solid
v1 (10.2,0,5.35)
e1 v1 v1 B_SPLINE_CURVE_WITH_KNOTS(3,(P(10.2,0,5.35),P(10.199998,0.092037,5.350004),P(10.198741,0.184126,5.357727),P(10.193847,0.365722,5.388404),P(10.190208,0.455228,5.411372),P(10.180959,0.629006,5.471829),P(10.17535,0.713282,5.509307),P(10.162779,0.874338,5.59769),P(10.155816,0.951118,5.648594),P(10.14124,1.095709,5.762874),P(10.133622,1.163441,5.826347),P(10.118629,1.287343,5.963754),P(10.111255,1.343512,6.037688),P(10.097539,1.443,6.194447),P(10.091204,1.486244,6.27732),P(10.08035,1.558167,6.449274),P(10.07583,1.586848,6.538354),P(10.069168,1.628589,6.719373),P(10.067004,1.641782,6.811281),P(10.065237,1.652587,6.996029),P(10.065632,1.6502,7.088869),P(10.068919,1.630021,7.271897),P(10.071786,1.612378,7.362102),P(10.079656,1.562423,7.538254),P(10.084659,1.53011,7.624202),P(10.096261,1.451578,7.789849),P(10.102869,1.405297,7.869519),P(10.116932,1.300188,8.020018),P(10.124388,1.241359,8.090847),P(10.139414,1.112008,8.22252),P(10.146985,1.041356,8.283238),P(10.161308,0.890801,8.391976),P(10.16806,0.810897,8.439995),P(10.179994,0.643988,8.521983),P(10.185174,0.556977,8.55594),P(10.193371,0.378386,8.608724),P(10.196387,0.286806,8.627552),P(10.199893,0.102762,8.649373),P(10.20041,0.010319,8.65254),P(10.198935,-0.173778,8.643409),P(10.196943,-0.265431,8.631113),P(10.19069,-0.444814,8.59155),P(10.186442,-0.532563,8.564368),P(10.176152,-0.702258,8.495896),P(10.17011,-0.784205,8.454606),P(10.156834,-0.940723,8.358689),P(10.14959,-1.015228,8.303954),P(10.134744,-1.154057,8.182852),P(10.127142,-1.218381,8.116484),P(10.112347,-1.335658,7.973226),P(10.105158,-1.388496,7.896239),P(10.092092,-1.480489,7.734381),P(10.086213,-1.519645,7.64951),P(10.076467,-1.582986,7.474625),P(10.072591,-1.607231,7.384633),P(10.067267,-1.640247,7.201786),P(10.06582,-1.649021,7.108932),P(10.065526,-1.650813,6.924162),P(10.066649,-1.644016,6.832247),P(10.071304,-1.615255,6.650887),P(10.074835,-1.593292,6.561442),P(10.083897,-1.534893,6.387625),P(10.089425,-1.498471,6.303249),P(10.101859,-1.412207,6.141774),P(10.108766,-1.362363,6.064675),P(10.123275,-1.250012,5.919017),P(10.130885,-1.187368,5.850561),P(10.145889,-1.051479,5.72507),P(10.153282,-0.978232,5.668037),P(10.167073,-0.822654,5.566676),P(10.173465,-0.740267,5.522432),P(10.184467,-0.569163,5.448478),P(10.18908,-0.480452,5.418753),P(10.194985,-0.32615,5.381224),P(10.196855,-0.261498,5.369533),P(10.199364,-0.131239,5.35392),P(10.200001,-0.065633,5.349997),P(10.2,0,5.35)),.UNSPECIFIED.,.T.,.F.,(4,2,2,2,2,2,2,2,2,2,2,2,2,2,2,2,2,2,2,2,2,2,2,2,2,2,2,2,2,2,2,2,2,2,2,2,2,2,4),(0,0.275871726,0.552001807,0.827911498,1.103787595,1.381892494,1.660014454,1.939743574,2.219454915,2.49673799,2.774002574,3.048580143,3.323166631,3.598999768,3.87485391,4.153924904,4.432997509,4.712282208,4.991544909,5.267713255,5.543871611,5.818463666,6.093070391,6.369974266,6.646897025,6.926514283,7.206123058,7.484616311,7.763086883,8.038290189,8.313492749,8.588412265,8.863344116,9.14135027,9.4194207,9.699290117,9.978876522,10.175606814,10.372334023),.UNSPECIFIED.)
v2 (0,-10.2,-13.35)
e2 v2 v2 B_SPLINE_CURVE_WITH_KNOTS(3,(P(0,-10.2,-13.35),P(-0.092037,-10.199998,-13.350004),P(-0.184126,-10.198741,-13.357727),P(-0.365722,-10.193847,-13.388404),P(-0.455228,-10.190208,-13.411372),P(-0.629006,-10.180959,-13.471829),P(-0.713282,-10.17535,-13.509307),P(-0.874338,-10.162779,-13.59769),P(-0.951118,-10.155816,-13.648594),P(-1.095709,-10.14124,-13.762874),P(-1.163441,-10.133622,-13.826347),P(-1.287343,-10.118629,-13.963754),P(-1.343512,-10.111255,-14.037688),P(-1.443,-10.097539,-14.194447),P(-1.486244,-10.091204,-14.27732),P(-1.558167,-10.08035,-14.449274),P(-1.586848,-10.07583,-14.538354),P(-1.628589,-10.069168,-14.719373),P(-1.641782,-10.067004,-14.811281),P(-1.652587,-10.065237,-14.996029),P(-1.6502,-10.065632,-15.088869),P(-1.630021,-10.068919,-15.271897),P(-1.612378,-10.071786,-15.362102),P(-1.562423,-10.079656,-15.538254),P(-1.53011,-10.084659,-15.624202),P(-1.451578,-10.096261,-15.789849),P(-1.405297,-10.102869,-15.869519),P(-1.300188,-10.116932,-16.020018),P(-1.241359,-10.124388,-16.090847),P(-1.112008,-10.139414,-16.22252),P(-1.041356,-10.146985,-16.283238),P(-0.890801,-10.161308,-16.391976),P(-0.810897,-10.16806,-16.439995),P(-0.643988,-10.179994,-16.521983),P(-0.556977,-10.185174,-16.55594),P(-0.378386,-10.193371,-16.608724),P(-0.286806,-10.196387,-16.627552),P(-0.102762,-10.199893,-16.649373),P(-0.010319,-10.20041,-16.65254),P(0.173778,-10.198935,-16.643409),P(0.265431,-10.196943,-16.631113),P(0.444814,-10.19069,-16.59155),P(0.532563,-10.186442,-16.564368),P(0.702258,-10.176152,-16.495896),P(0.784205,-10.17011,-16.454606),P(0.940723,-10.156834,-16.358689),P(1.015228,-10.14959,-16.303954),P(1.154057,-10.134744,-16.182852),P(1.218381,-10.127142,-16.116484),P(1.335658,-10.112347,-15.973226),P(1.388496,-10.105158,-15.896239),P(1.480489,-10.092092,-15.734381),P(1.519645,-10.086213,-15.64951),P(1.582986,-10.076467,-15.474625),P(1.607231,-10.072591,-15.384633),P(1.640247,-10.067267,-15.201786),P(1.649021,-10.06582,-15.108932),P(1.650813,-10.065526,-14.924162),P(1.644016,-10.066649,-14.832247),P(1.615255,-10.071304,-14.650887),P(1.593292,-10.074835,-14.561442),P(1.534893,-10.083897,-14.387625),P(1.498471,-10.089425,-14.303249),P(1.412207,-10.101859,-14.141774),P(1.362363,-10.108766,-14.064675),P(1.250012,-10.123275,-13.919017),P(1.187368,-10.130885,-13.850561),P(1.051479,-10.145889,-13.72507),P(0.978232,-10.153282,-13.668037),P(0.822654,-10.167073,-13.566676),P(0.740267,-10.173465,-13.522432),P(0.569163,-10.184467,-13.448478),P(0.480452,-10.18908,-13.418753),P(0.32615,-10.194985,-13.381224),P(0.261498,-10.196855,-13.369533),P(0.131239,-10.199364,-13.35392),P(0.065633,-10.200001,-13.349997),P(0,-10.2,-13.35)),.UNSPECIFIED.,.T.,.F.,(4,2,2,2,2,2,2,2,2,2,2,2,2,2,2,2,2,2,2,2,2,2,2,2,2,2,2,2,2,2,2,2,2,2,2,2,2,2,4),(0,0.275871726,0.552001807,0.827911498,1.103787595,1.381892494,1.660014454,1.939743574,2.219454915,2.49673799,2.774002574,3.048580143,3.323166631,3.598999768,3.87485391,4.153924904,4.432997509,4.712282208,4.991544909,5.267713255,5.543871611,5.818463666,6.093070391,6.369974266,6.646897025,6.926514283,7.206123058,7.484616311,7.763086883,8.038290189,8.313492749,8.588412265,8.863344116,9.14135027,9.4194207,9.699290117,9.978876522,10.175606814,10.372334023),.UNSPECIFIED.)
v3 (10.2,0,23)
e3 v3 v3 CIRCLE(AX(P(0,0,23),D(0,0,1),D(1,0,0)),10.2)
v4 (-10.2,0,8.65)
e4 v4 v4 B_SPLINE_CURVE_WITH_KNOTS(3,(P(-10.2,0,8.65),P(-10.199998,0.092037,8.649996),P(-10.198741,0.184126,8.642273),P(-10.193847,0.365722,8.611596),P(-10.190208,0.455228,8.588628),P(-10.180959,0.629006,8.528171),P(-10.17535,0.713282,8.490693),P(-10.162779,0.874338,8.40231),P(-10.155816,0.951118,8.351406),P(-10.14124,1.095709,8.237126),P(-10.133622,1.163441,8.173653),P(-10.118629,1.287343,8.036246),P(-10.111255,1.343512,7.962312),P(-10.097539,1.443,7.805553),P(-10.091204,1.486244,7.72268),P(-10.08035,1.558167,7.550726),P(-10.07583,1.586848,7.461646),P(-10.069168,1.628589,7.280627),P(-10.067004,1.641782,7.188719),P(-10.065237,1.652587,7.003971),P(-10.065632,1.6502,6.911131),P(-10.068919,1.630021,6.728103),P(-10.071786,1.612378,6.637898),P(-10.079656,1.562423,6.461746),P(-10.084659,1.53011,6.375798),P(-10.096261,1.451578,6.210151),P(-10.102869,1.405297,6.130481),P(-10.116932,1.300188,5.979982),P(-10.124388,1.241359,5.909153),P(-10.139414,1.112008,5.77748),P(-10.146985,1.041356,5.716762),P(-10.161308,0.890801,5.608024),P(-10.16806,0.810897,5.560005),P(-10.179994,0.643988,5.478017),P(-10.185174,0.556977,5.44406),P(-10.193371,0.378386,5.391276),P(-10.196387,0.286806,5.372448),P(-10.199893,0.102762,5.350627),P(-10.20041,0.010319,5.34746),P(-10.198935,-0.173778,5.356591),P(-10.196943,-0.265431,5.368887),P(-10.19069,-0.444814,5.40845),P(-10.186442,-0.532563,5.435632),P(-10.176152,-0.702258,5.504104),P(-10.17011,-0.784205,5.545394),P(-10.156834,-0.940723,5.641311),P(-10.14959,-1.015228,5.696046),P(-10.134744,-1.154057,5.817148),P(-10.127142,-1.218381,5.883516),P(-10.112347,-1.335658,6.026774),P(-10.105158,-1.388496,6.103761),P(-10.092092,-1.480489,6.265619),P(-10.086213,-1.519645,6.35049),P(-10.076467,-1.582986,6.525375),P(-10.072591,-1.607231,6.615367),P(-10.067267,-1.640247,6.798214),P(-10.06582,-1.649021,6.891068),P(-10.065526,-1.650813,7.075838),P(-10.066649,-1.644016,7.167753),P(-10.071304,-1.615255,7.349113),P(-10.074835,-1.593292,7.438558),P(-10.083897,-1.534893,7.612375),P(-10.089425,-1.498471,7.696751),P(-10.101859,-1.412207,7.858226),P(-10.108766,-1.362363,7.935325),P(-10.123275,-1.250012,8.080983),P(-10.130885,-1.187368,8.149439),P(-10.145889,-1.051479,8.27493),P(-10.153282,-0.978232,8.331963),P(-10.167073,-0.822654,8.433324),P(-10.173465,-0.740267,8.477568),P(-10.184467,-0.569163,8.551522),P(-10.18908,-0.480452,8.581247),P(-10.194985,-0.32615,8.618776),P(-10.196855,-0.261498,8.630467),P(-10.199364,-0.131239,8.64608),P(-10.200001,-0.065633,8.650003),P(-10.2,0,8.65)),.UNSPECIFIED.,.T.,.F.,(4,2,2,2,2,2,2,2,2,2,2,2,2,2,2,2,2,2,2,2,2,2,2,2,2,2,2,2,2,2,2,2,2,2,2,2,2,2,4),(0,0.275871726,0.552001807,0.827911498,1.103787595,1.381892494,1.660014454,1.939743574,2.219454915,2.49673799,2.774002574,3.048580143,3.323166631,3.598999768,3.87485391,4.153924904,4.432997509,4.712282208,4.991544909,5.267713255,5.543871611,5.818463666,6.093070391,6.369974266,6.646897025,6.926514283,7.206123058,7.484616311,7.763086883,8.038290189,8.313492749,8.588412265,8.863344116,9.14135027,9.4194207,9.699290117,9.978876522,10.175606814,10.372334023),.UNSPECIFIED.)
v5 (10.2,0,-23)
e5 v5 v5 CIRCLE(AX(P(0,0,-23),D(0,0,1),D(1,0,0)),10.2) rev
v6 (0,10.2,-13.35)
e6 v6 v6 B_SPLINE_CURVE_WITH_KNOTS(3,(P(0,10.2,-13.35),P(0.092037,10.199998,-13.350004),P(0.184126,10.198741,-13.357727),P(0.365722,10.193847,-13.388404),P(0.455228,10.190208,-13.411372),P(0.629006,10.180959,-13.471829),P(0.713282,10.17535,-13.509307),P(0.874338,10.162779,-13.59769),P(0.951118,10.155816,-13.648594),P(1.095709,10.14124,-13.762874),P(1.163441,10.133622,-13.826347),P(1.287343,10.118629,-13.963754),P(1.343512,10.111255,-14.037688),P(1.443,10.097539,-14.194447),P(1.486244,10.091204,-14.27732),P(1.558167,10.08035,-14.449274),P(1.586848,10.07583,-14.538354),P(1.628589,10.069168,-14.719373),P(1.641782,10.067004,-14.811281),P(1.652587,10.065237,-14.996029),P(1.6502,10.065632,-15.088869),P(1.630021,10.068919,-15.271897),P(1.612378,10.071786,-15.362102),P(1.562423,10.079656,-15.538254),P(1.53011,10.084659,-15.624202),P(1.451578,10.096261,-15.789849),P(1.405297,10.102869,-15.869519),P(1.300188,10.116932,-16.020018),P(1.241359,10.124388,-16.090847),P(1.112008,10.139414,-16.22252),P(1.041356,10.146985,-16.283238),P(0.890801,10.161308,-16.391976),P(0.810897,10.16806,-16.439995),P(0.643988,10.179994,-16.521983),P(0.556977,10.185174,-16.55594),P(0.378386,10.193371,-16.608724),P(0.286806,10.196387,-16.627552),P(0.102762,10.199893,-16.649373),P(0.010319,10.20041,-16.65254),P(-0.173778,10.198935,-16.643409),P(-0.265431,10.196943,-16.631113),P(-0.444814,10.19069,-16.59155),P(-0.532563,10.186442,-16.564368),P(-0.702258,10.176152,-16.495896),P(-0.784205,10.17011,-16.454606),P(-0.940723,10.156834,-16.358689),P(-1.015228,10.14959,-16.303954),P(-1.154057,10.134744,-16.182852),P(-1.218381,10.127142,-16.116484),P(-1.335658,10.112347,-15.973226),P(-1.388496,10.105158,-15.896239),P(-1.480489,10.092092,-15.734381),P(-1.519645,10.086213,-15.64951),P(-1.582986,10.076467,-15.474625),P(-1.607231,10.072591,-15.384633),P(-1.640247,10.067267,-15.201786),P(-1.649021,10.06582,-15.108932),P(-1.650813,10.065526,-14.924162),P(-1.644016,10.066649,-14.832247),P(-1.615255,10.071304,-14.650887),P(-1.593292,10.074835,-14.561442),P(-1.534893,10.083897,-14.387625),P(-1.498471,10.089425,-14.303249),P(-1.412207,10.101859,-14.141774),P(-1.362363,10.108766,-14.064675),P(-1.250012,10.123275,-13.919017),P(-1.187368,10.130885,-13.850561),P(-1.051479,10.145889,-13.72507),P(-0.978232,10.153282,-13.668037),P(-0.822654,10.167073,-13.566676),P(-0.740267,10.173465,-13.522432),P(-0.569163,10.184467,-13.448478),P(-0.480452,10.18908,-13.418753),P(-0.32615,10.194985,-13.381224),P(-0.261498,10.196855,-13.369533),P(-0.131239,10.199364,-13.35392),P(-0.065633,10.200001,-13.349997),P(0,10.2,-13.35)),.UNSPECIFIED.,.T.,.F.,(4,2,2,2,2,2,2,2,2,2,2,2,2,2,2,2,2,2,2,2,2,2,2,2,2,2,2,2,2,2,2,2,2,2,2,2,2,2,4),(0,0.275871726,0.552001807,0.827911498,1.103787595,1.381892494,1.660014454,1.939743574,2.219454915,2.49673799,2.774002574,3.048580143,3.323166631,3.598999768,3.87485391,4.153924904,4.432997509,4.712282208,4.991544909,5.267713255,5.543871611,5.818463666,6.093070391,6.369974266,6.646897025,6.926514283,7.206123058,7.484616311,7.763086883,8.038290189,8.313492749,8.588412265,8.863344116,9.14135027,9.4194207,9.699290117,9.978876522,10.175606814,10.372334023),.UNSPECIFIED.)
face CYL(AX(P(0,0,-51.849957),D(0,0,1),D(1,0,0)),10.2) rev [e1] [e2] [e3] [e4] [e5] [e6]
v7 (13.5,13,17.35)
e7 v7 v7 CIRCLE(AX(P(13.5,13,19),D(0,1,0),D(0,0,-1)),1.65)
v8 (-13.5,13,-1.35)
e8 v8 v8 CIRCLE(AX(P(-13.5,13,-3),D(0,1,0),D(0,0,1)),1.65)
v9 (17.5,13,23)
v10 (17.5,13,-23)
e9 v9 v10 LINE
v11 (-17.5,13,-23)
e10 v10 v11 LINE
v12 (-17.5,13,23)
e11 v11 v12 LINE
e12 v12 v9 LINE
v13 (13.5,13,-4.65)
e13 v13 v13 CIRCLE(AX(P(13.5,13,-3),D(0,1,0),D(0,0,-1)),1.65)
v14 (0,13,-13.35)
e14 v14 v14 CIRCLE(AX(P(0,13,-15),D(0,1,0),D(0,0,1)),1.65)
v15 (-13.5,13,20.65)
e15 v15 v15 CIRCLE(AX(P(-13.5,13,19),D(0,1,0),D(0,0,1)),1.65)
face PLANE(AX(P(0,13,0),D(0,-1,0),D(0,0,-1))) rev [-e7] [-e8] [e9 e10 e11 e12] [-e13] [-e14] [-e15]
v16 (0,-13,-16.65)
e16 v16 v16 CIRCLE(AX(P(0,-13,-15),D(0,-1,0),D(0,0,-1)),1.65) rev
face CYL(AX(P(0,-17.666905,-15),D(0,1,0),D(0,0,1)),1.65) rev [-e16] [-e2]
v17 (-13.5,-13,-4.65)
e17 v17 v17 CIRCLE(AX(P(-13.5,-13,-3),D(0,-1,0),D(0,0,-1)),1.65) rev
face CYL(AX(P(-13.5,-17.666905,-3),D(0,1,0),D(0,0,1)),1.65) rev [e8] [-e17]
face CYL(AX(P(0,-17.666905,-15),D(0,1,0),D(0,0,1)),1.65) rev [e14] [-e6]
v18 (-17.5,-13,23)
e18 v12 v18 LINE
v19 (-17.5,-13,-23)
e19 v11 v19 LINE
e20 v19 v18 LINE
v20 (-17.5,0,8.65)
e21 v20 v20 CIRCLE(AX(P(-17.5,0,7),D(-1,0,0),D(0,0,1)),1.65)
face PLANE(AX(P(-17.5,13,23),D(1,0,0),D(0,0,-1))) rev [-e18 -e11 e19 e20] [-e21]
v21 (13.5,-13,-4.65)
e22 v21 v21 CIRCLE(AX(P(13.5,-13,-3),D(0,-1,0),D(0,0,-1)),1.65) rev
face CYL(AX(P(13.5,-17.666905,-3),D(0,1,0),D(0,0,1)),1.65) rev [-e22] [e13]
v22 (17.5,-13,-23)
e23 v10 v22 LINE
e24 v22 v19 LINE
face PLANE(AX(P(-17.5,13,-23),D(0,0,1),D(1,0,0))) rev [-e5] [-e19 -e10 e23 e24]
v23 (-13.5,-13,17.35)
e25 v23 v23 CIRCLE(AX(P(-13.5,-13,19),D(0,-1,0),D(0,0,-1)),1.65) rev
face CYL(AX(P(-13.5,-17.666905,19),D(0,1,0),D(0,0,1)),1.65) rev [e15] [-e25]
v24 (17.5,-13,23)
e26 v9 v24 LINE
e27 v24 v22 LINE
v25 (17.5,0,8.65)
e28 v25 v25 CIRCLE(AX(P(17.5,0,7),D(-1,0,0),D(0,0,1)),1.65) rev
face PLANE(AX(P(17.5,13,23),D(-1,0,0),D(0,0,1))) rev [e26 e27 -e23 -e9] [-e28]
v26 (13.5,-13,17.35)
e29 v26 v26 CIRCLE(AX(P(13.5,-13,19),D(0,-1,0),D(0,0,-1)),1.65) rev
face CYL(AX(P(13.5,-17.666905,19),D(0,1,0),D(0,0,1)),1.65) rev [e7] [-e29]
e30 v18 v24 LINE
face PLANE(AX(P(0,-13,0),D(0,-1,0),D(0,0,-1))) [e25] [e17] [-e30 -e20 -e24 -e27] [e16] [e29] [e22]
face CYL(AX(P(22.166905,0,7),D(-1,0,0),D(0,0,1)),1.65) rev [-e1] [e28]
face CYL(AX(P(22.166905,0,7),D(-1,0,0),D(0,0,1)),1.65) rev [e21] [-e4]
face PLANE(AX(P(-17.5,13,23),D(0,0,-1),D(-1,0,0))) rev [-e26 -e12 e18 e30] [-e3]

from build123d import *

# Parameters (mm, degrees)
SKETCH1_W           = 35
SKETCH1_H           = 46
BOSS_EXTRUDE1_DEPTH = 13
SKETCH2_R           = 1.65
CUT_EXTRUDE1_DEPTH  = 26
SKETCH5_R           = 10.2
CUT_EXTRUDE2_DEPTH  = 46
SKETCH8_R           = 1.65
CUT_EXTRUDE3_DEPTH  = 26
SKETCH9_R           = 1.65
CUT_EXTRUDE4_DEPTH  = 35


with BuildPart() as part:
    # Sketch1 → Boss-Extrude1 (new body, symmetric)
    with BuildSketch(Plane(origin=(0, 0, 0), x_dir=(1, 0, 0), z_dir=(0, 1, 0))):
        Rectangle(SKETCH1_W, SKETCH1_H)
    extrude(amount=BOSS_EXTRUDE1_DEPTH, both=True)

    # Sketch2 → Cut-Extrude1 (cut)
    with BuildSketch(Plane(origin=(0, 13, 0), x_dir=(1, 0, 0), z_dir=(0, 1, 0))):
        with Locations((-13.5, 3)):
            Circle(SKETCH2_R)
        with Locations((-13.5, -19)):
            Circle(SKETCH2_R)
        with Locations((13.5, -19)):
            Circle(SKETCH2_R)
        with Locations((13.5, 3)):
            Circle(SKETCH2_R)
    extrude(amount=-CUT_EXTRUDE1_DEPTH, mode=Mode.SUBTRACT)

    # Sketch5 → Cut-Extrude2 (cut)
    with BuildSketch(Plane.XY.offset(23)):
        Circle(SKETCH5_R)
    extrude(amount=-CUT_EXTRUDE2_DEPTH, mode=Mode.SUBTRACT)

    # Sketch8 → Cut-Extrude3 (cut)
    with BuildSketch(Plane(origin=(0, 13, 0), x_dir=(1, 0, 0), z_dir=(0, 1, 0))):
        with Locations((0, 15)):
            Circle(SKETCH8_R)
    extrude(amount=-CUT_EXTRUDE3_DEPTH, mode=Mode.SUBTRACT)

    # Sketch9 → Cut-Extrude4 (cut)
    with BuildSketch(Plane.ZY.offset(17.5)):
        with Locations((7, 0)):
            Circle(SKETCH9_R)
    extrude(amount=-CUT_EXTRUDE4_DEPTH, mode=Mode.SUBTRACT)


solid = part.part
